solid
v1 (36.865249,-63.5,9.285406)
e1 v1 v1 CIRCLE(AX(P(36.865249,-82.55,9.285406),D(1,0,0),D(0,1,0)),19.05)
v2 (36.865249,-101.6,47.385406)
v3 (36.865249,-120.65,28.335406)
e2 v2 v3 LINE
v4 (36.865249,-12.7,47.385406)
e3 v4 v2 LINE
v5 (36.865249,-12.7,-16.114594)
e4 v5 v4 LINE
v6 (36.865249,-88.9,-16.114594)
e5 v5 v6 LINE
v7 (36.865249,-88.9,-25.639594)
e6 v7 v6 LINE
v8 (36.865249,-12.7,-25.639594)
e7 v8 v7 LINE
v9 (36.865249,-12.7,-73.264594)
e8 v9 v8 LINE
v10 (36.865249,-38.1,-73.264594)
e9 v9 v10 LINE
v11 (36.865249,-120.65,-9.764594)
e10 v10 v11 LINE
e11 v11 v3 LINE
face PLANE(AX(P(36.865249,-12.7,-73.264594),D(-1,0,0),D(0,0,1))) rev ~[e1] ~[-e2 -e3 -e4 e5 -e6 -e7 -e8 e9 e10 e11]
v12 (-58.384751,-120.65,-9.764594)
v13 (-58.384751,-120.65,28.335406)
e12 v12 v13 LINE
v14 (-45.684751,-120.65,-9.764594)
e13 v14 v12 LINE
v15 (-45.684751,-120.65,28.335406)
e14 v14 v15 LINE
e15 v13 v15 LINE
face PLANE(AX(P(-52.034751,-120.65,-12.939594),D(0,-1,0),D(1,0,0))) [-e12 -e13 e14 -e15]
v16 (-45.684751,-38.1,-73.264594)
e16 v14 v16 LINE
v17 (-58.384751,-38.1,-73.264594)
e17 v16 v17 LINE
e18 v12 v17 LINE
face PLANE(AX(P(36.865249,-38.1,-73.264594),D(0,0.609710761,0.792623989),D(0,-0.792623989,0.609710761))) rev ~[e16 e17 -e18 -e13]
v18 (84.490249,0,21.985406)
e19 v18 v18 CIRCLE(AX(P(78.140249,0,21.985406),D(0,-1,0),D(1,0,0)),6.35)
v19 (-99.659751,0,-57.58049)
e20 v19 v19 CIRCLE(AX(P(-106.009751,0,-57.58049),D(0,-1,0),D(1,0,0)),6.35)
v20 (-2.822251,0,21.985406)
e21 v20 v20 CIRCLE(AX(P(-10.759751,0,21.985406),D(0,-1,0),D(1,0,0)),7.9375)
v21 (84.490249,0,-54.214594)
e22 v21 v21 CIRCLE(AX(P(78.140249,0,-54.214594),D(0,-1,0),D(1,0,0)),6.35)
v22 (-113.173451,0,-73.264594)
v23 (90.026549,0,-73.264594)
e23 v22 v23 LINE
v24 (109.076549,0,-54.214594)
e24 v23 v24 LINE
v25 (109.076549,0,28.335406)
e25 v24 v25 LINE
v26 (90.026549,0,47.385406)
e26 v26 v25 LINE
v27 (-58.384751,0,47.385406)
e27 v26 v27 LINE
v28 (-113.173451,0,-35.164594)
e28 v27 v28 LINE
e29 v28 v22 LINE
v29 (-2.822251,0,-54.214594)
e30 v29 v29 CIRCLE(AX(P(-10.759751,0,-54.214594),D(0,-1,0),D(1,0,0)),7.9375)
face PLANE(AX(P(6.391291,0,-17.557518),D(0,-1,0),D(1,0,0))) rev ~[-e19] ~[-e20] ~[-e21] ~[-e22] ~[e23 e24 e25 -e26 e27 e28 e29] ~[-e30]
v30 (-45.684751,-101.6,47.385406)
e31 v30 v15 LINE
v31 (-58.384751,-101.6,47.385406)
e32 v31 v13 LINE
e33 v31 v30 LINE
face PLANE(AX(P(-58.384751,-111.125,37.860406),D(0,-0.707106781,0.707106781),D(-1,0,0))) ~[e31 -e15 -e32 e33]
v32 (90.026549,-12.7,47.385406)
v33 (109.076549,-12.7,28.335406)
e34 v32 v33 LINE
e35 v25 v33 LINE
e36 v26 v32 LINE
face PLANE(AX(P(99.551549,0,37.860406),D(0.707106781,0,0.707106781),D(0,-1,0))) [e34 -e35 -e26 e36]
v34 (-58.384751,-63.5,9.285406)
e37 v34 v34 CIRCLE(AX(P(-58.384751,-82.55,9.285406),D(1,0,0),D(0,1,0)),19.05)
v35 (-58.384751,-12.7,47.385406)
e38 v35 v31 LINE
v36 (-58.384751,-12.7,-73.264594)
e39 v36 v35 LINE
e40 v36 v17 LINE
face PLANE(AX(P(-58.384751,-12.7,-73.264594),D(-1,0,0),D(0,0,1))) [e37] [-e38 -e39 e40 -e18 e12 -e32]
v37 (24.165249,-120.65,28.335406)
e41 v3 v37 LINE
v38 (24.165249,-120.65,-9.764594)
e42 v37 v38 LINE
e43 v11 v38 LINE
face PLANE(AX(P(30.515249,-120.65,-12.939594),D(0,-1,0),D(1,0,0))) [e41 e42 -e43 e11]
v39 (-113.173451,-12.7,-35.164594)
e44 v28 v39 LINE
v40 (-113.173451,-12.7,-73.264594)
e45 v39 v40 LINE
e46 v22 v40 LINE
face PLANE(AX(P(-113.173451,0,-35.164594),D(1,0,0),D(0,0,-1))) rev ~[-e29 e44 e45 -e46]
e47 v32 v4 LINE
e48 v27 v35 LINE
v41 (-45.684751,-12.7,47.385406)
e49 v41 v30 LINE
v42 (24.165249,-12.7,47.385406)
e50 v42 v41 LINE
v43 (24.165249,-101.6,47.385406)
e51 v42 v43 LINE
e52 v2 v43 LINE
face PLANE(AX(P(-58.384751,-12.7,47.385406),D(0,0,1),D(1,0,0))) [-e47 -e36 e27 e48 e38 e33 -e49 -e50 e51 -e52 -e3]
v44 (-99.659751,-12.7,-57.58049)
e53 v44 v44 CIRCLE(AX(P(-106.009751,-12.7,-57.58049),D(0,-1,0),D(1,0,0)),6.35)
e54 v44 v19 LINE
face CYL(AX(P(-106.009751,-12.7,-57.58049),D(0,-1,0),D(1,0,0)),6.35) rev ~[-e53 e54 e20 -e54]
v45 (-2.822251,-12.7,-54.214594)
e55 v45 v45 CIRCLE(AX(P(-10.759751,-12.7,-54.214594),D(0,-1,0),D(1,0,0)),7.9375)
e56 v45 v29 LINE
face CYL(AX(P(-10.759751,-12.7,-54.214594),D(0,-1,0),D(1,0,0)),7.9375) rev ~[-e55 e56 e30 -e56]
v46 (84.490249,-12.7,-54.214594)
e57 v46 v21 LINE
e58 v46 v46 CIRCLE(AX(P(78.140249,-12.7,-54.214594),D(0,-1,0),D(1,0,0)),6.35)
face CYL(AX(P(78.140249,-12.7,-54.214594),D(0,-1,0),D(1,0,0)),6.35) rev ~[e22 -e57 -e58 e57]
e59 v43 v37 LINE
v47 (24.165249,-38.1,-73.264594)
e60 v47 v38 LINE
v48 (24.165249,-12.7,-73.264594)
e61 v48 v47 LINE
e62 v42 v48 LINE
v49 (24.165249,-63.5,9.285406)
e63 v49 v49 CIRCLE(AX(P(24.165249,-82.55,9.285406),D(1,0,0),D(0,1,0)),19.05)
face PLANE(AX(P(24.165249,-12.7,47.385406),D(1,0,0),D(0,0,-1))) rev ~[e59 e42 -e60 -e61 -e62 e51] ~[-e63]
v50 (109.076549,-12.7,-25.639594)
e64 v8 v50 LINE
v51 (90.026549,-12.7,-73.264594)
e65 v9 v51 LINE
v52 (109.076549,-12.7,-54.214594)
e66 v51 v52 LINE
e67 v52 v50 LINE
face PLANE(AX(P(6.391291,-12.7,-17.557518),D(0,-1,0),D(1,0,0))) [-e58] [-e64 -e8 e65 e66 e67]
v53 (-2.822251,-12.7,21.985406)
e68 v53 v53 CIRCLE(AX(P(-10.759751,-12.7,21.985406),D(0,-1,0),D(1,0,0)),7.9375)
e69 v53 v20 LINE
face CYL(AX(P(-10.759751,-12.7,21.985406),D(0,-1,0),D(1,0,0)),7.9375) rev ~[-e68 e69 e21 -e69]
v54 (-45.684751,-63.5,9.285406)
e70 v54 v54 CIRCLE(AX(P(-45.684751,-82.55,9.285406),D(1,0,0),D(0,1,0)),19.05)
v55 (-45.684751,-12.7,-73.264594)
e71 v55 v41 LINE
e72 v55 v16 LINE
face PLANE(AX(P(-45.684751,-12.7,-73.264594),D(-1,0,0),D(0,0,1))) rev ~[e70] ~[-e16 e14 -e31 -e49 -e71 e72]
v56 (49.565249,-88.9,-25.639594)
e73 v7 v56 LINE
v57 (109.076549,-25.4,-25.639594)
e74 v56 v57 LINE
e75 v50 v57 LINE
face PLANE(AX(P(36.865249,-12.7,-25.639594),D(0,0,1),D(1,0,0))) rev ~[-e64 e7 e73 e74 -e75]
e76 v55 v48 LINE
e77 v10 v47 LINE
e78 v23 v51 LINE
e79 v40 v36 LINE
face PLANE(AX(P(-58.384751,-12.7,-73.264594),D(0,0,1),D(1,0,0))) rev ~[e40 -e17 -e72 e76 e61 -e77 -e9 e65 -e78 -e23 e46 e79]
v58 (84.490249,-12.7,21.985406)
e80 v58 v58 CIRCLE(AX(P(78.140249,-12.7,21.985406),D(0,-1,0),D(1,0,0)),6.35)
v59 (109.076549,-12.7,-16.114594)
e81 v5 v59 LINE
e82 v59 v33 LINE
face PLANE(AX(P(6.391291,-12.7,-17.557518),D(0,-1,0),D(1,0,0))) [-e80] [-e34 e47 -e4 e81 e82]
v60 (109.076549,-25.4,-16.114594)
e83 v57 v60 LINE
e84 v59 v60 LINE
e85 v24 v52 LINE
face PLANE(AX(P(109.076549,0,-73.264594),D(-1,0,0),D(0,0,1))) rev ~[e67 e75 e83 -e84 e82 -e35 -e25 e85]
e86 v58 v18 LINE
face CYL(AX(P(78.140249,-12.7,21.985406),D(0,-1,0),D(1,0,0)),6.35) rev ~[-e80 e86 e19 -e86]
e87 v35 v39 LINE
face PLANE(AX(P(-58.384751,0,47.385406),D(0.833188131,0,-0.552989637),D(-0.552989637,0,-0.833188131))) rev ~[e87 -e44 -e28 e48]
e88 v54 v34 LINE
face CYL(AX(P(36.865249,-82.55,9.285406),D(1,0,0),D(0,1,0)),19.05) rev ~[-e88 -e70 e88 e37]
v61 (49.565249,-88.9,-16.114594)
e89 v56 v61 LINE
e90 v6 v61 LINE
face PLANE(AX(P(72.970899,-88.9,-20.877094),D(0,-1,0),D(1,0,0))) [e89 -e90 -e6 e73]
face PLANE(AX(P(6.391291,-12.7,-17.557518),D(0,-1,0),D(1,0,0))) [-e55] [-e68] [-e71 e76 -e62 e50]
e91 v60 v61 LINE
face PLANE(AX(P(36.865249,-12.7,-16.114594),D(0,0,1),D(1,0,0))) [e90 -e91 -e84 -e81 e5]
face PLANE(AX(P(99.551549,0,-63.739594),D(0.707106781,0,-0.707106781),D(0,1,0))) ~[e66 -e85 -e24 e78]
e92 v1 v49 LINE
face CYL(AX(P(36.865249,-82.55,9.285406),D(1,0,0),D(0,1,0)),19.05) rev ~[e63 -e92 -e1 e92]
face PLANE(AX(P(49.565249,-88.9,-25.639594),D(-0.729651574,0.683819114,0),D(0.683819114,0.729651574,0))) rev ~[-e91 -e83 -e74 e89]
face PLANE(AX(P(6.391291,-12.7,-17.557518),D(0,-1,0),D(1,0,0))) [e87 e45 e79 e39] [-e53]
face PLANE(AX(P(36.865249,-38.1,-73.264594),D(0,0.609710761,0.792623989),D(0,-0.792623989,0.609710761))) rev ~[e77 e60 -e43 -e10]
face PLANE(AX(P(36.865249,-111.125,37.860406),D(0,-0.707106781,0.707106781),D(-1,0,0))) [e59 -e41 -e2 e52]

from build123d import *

# Parameters (mm, degrees)
F1_DEPTH  = 12.7
F2_SIZE   = 19.05
F3_R      = 7.9375
F3_R_2    = 6.35
F4_DEPTH  = 74.422
F3_W      = 12.7
F3_H      = 120.65
F5_DEPTH  = 107.95
F6_SIZE   = 19.05
F7_R      = 19.05
F8_DEPTH  = 399.034
F3_W_2    = 72.2113
F3_H_2    = 9.525
F9_DEPTH  = 76.2
F11_DEPTH = 180.848


with BuildPart() as f1:
    # F0 (on Front) → F1 (new body)
    with BuildSketch(Plane.XZ):
        Polygon((109.076549, 47.385406), (-58.384751, 47.385406), (-113.173451, -35.164594), (-113.173451, -73.264594), (109.076549, -73.264594), align=None)
    extrude(amount=F1_DEPTH)

    # F2
    f2_edges = [f1.edges().sort_by_distance(p)[0] for p in [
        (109.076549, -6.35, -73.264594),
        (109.076549, -6.35, 47.385406),
    ]]
    chamfer(f2_edges, length=F2_SIZE)

    # F3 (on face) → F4 (cut)
    with BuildSketch(Plane.XZ.offset(12.7)):
        with Locations((-10.759751, 21.985406)):
            Circle(F3_R)
        with Locations((78.140249, 21.985406)):
            Circle(F3_R_2)
        with Locations((78.140249, -54.214594)):
            Circle(F3_R_2)
        with Locations((-106.009751, -57.58049)):
            Circle(F3_R_2)
        with Locations((-10.759751, -54.214594)):
            Circle(F3_R)
    extrude(amount=-F4_DEPTH, mode=Mode.SUBTRACT)

    # F3 (on face) → F5 (join)
    with BuildSketch(Plane.XZ.offset(12.7)):
        with Locations((-52.034751, -12.939594)):
            Rectangle(F3_W, F3_H)
        Polygon((36.865249, 47.385406), (24.165249, 47.385406), (24.165249, -73.264594), (36.865249, -73.264594), (36.865249, -25.639594), (36.865249, -16.114594), align=None)
    extrude(amount=F5_DEPTH)

    # F6
    f6_edges = [f1.edges().sort_by_distance(p)[0] for p in [
        (30.515249, -120.65, 47.385406),
        (-52.034751, -120.65, 47.385406),
    ]]
    chamfer(f6_edges, length=F6_SIZE)

    # F7 (on face) → F8 (cut)
    with BuildSketch(Plane.YZ.offset(36.865249)):
        with Locations((-82.55, 9.285406)):
            Circle(F7_R)
        Polygon((-38.1, -73.264594), (-120.65, -9.764594), (-120.65, -73.264594), align=None)
    extrude(amount=-F8_DEPTH, mode=Mode.SUBTRACT)

    # F3 (on face) → F9 (join)
    with BuildSketch(Plane.XZ.offset(12.7)):
        with Locations((72.970899, -20.877094)):
            Rectangle(F3_W_2, F3_H_2)
    extrude(amount=F9_DEPTH)

    # F10 (on face) → F11 (cut)
    with BuildSketch(Plane(origin=(0, 0, -25.639594), x_dir=(1, 0, 0), z_dir=(0, 0, -1))):
        Polygon((109.076549, 88.9), (49.565249, 88.9), (109.076549, 25.4), align=None)
    extrude(amount=-F11_DEPTH, mode=Mode.SUBTRACT)


solid = f1.part
